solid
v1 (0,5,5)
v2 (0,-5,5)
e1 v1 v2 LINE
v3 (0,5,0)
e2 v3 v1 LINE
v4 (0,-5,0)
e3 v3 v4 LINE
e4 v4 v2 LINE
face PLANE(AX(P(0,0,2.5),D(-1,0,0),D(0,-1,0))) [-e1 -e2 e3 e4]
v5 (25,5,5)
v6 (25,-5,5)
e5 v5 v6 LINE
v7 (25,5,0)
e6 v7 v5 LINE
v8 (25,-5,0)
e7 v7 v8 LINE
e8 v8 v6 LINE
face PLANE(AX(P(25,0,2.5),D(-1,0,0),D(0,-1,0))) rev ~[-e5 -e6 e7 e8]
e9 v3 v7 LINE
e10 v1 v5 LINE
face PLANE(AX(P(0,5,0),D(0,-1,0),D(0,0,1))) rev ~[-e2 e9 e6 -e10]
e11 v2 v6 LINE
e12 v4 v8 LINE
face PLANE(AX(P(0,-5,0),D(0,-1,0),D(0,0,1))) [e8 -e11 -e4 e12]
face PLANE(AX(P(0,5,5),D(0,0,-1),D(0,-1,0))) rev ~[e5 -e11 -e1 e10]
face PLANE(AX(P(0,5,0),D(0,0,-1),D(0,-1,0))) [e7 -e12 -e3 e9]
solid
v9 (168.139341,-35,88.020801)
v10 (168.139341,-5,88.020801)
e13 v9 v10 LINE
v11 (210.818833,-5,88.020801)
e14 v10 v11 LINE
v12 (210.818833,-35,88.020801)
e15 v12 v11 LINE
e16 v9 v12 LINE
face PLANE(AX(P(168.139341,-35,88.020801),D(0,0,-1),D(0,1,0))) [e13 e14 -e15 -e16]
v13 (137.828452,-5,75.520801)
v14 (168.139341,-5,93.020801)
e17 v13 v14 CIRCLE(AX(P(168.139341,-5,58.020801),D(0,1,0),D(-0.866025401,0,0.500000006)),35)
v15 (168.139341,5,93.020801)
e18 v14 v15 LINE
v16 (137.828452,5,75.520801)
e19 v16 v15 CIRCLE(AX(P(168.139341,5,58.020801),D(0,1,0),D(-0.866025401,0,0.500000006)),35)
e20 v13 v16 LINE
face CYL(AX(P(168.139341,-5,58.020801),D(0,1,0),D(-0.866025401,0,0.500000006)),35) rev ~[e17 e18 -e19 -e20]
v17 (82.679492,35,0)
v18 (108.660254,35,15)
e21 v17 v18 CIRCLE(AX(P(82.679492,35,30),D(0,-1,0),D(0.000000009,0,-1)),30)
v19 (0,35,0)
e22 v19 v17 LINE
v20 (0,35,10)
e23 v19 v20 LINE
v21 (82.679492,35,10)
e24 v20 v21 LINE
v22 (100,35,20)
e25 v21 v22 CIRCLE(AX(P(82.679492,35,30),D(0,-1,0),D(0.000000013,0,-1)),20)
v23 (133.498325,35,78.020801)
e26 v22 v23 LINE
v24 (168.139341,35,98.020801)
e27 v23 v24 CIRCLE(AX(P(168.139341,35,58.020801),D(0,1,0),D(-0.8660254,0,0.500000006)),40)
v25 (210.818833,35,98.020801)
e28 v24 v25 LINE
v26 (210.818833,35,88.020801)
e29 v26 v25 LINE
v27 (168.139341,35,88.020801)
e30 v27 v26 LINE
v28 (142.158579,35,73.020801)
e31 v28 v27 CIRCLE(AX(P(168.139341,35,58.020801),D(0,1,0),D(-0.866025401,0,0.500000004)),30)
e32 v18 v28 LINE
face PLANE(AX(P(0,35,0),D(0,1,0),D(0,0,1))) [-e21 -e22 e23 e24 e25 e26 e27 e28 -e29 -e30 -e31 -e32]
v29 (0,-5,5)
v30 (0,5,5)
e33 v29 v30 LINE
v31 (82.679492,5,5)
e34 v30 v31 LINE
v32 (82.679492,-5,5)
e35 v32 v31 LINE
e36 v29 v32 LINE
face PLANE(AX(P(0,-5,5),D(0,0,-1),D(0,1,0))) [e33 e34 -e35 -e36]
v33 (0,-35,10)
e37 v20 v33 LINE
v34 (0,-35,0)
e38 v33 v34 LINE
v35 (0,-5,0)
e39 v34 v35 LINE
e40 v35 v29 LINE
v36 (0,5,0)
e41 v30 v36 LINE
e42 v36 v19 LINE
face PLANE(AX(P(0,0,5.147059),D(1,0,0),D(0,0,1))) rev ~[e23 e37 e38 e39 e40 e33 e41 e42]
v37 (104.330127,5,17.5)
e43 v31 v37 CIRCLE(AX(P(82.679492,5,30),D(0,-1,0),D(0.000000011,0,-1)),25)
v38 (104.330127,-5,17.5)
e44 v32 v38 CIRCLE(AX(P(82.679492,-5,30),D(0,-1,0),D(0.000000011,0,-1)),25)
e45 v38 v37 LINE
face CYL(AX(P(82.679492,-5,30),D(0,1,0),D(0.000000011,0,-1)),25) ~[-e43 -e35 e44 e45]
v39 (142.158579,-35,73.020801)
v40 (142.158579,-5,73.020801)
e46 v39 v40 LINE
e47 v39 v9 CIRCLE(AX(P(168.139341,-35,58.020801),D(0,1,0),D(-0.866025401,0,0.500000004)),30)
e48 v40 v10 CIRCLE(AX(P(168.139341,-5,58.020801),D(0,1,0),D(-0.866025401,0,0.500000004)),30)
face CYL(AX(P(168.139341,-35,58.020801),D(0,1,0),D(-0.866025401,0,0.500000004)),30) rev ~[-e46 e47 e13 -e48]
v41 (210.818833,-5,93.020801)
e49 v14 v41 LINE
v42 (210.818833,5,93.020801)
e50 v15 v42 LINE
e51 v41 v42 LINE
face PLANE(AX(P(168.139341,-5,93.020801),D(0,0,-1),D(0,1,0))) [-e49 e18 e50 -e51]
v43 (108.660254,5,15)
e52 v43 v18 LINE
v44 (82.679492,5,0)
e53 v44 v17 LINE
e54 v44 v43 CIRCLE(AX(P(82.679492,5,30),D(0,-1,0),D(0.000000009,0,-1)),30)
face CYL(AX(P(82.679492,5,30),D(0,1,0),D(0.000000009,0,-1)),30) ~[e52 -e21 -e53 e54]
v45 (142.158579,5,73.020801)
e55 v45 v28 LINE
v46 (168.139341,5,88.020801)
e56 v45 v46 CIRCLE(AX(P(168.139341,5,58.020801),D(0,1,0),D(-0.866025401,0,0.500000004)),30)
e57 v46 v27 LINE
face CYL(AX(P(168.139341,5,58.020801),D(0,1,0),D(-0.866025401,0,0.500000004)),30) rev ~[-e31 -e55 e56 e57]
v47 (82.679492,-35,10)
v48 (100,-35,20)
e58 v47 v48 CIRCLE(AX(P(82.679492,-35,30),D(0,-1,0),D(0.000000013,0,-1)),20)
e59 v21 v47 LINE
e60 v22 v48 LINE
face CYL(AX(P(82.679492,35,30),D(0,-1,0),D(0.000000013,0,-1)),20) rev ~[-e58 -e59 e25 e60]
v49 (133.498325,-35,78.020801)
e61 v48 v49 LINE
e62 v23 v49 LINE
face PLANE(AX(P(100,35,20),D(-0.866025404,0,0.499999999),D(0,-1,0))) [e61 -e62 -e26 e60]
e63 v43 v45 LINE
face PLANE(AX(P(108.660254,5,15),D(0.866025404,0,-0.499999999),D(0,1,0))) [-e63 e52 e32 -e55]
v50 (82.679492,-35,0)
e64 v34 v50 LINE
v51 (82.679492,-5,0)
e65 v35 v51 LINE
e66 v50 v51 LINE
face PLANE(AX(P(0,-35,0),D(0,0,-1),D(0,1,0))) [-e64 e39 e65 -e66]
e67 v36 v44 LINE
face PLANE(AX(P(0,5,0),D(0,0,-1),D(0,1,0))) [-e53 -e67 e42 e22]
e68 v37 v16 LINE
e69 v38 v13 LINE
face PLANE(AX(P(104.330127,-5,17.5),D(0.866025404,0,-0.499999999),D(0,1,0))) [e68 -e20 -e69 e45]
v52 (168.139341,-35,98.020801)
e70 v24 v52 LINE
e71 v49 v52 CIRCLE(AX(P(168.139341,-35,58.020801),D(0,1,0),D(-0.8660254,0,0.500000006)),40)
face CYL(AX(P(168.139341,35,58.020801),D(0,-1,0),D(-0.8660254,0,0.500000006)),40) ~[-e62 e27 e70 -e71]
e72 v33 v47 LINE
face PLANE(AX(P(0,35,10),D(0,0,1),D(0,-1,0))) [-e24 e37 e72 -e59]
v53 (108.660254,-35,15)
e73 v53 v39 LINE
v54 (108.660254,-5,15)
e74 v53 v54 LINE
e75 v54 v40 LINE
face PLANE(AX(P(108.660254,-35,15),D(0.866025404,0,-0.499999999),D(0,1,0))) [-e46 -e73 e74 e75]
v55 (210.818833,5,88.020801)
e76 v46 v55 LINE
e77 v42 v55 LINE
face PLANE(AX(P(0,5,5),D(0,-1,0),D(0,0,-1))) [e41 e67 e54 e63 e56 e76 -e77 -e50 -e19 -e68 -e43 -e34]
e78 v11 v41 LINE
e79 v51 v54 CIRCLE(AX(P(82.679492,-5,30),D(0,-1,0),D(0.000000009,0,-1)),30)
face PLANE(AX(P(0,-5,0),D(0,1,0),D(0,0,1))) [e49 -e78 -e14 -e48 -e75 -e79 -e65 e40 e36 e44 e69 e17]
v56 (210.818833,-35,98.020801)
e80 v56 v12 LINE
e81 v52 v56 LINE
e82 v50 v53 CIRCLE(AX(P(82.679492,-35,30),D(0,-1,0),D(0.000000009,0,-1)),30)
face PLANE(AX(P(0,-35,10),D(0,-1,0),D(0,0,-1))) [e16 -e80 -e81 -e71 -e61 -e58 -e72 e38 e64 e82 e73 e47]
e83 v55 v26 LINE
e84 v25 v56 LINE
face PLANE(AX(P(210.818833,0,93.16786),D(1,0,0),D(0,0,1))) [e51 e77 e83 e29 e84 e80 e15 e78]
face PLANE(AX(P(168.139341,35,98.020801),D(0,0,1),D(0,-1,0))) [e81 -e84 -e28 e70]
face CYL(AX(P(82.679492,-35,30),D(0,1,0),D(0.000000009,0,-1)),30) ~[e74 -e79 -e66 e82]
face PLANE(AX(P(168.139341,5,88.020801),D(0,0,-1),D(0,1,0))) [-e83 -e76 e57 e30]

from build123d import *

# Parameters (mm, degrees)
F3_W     = 10
F3_H     = 5
F4_DEPTH = 25


with BuildPart() as f2:
    # F2: sweep along a path in F0
    with BuildLine(Plane.XZ) as f2_path:
        Line((0, 0), (82.679492, 0))
        ThreePointArc((82.679492, 0), (97.679492, 4.019238), (108.660254, 15))
        Line((108.660254, 15), (142.158579, 73.020801))
        ThreePointArc((142.158579, 73.020801), (153.139341, 84.001563), (168.139341, 88.020801))
        Line((168.139341, 88.020801), (210.818833, 88.020801))
    # F1 (on Right) → F2 (sweep)
    with BuildSketch(Plane.YZ):
        Polygon((5, 0), (35, 0), (35, 10), (-35, 10), (-35, 0), (-5, 0), (-5, 5), (5, 5), align=None)
    sweep(path=f2_path.line)


with BuildPart() as f4:
    # F3 (on face) → F4 (new body)
    with BuildSketch(Plane(origin=(0, 0, 0), x_dir=(0, -1, 0), z_dir=(-1, 0, 0))):
        with Locations((0, 2.5)):
            Rectangle(F3_W, F3_H)
    extrude(amount=-F4_DEPTH)


solid = Compound([f2.part, f4.part])
